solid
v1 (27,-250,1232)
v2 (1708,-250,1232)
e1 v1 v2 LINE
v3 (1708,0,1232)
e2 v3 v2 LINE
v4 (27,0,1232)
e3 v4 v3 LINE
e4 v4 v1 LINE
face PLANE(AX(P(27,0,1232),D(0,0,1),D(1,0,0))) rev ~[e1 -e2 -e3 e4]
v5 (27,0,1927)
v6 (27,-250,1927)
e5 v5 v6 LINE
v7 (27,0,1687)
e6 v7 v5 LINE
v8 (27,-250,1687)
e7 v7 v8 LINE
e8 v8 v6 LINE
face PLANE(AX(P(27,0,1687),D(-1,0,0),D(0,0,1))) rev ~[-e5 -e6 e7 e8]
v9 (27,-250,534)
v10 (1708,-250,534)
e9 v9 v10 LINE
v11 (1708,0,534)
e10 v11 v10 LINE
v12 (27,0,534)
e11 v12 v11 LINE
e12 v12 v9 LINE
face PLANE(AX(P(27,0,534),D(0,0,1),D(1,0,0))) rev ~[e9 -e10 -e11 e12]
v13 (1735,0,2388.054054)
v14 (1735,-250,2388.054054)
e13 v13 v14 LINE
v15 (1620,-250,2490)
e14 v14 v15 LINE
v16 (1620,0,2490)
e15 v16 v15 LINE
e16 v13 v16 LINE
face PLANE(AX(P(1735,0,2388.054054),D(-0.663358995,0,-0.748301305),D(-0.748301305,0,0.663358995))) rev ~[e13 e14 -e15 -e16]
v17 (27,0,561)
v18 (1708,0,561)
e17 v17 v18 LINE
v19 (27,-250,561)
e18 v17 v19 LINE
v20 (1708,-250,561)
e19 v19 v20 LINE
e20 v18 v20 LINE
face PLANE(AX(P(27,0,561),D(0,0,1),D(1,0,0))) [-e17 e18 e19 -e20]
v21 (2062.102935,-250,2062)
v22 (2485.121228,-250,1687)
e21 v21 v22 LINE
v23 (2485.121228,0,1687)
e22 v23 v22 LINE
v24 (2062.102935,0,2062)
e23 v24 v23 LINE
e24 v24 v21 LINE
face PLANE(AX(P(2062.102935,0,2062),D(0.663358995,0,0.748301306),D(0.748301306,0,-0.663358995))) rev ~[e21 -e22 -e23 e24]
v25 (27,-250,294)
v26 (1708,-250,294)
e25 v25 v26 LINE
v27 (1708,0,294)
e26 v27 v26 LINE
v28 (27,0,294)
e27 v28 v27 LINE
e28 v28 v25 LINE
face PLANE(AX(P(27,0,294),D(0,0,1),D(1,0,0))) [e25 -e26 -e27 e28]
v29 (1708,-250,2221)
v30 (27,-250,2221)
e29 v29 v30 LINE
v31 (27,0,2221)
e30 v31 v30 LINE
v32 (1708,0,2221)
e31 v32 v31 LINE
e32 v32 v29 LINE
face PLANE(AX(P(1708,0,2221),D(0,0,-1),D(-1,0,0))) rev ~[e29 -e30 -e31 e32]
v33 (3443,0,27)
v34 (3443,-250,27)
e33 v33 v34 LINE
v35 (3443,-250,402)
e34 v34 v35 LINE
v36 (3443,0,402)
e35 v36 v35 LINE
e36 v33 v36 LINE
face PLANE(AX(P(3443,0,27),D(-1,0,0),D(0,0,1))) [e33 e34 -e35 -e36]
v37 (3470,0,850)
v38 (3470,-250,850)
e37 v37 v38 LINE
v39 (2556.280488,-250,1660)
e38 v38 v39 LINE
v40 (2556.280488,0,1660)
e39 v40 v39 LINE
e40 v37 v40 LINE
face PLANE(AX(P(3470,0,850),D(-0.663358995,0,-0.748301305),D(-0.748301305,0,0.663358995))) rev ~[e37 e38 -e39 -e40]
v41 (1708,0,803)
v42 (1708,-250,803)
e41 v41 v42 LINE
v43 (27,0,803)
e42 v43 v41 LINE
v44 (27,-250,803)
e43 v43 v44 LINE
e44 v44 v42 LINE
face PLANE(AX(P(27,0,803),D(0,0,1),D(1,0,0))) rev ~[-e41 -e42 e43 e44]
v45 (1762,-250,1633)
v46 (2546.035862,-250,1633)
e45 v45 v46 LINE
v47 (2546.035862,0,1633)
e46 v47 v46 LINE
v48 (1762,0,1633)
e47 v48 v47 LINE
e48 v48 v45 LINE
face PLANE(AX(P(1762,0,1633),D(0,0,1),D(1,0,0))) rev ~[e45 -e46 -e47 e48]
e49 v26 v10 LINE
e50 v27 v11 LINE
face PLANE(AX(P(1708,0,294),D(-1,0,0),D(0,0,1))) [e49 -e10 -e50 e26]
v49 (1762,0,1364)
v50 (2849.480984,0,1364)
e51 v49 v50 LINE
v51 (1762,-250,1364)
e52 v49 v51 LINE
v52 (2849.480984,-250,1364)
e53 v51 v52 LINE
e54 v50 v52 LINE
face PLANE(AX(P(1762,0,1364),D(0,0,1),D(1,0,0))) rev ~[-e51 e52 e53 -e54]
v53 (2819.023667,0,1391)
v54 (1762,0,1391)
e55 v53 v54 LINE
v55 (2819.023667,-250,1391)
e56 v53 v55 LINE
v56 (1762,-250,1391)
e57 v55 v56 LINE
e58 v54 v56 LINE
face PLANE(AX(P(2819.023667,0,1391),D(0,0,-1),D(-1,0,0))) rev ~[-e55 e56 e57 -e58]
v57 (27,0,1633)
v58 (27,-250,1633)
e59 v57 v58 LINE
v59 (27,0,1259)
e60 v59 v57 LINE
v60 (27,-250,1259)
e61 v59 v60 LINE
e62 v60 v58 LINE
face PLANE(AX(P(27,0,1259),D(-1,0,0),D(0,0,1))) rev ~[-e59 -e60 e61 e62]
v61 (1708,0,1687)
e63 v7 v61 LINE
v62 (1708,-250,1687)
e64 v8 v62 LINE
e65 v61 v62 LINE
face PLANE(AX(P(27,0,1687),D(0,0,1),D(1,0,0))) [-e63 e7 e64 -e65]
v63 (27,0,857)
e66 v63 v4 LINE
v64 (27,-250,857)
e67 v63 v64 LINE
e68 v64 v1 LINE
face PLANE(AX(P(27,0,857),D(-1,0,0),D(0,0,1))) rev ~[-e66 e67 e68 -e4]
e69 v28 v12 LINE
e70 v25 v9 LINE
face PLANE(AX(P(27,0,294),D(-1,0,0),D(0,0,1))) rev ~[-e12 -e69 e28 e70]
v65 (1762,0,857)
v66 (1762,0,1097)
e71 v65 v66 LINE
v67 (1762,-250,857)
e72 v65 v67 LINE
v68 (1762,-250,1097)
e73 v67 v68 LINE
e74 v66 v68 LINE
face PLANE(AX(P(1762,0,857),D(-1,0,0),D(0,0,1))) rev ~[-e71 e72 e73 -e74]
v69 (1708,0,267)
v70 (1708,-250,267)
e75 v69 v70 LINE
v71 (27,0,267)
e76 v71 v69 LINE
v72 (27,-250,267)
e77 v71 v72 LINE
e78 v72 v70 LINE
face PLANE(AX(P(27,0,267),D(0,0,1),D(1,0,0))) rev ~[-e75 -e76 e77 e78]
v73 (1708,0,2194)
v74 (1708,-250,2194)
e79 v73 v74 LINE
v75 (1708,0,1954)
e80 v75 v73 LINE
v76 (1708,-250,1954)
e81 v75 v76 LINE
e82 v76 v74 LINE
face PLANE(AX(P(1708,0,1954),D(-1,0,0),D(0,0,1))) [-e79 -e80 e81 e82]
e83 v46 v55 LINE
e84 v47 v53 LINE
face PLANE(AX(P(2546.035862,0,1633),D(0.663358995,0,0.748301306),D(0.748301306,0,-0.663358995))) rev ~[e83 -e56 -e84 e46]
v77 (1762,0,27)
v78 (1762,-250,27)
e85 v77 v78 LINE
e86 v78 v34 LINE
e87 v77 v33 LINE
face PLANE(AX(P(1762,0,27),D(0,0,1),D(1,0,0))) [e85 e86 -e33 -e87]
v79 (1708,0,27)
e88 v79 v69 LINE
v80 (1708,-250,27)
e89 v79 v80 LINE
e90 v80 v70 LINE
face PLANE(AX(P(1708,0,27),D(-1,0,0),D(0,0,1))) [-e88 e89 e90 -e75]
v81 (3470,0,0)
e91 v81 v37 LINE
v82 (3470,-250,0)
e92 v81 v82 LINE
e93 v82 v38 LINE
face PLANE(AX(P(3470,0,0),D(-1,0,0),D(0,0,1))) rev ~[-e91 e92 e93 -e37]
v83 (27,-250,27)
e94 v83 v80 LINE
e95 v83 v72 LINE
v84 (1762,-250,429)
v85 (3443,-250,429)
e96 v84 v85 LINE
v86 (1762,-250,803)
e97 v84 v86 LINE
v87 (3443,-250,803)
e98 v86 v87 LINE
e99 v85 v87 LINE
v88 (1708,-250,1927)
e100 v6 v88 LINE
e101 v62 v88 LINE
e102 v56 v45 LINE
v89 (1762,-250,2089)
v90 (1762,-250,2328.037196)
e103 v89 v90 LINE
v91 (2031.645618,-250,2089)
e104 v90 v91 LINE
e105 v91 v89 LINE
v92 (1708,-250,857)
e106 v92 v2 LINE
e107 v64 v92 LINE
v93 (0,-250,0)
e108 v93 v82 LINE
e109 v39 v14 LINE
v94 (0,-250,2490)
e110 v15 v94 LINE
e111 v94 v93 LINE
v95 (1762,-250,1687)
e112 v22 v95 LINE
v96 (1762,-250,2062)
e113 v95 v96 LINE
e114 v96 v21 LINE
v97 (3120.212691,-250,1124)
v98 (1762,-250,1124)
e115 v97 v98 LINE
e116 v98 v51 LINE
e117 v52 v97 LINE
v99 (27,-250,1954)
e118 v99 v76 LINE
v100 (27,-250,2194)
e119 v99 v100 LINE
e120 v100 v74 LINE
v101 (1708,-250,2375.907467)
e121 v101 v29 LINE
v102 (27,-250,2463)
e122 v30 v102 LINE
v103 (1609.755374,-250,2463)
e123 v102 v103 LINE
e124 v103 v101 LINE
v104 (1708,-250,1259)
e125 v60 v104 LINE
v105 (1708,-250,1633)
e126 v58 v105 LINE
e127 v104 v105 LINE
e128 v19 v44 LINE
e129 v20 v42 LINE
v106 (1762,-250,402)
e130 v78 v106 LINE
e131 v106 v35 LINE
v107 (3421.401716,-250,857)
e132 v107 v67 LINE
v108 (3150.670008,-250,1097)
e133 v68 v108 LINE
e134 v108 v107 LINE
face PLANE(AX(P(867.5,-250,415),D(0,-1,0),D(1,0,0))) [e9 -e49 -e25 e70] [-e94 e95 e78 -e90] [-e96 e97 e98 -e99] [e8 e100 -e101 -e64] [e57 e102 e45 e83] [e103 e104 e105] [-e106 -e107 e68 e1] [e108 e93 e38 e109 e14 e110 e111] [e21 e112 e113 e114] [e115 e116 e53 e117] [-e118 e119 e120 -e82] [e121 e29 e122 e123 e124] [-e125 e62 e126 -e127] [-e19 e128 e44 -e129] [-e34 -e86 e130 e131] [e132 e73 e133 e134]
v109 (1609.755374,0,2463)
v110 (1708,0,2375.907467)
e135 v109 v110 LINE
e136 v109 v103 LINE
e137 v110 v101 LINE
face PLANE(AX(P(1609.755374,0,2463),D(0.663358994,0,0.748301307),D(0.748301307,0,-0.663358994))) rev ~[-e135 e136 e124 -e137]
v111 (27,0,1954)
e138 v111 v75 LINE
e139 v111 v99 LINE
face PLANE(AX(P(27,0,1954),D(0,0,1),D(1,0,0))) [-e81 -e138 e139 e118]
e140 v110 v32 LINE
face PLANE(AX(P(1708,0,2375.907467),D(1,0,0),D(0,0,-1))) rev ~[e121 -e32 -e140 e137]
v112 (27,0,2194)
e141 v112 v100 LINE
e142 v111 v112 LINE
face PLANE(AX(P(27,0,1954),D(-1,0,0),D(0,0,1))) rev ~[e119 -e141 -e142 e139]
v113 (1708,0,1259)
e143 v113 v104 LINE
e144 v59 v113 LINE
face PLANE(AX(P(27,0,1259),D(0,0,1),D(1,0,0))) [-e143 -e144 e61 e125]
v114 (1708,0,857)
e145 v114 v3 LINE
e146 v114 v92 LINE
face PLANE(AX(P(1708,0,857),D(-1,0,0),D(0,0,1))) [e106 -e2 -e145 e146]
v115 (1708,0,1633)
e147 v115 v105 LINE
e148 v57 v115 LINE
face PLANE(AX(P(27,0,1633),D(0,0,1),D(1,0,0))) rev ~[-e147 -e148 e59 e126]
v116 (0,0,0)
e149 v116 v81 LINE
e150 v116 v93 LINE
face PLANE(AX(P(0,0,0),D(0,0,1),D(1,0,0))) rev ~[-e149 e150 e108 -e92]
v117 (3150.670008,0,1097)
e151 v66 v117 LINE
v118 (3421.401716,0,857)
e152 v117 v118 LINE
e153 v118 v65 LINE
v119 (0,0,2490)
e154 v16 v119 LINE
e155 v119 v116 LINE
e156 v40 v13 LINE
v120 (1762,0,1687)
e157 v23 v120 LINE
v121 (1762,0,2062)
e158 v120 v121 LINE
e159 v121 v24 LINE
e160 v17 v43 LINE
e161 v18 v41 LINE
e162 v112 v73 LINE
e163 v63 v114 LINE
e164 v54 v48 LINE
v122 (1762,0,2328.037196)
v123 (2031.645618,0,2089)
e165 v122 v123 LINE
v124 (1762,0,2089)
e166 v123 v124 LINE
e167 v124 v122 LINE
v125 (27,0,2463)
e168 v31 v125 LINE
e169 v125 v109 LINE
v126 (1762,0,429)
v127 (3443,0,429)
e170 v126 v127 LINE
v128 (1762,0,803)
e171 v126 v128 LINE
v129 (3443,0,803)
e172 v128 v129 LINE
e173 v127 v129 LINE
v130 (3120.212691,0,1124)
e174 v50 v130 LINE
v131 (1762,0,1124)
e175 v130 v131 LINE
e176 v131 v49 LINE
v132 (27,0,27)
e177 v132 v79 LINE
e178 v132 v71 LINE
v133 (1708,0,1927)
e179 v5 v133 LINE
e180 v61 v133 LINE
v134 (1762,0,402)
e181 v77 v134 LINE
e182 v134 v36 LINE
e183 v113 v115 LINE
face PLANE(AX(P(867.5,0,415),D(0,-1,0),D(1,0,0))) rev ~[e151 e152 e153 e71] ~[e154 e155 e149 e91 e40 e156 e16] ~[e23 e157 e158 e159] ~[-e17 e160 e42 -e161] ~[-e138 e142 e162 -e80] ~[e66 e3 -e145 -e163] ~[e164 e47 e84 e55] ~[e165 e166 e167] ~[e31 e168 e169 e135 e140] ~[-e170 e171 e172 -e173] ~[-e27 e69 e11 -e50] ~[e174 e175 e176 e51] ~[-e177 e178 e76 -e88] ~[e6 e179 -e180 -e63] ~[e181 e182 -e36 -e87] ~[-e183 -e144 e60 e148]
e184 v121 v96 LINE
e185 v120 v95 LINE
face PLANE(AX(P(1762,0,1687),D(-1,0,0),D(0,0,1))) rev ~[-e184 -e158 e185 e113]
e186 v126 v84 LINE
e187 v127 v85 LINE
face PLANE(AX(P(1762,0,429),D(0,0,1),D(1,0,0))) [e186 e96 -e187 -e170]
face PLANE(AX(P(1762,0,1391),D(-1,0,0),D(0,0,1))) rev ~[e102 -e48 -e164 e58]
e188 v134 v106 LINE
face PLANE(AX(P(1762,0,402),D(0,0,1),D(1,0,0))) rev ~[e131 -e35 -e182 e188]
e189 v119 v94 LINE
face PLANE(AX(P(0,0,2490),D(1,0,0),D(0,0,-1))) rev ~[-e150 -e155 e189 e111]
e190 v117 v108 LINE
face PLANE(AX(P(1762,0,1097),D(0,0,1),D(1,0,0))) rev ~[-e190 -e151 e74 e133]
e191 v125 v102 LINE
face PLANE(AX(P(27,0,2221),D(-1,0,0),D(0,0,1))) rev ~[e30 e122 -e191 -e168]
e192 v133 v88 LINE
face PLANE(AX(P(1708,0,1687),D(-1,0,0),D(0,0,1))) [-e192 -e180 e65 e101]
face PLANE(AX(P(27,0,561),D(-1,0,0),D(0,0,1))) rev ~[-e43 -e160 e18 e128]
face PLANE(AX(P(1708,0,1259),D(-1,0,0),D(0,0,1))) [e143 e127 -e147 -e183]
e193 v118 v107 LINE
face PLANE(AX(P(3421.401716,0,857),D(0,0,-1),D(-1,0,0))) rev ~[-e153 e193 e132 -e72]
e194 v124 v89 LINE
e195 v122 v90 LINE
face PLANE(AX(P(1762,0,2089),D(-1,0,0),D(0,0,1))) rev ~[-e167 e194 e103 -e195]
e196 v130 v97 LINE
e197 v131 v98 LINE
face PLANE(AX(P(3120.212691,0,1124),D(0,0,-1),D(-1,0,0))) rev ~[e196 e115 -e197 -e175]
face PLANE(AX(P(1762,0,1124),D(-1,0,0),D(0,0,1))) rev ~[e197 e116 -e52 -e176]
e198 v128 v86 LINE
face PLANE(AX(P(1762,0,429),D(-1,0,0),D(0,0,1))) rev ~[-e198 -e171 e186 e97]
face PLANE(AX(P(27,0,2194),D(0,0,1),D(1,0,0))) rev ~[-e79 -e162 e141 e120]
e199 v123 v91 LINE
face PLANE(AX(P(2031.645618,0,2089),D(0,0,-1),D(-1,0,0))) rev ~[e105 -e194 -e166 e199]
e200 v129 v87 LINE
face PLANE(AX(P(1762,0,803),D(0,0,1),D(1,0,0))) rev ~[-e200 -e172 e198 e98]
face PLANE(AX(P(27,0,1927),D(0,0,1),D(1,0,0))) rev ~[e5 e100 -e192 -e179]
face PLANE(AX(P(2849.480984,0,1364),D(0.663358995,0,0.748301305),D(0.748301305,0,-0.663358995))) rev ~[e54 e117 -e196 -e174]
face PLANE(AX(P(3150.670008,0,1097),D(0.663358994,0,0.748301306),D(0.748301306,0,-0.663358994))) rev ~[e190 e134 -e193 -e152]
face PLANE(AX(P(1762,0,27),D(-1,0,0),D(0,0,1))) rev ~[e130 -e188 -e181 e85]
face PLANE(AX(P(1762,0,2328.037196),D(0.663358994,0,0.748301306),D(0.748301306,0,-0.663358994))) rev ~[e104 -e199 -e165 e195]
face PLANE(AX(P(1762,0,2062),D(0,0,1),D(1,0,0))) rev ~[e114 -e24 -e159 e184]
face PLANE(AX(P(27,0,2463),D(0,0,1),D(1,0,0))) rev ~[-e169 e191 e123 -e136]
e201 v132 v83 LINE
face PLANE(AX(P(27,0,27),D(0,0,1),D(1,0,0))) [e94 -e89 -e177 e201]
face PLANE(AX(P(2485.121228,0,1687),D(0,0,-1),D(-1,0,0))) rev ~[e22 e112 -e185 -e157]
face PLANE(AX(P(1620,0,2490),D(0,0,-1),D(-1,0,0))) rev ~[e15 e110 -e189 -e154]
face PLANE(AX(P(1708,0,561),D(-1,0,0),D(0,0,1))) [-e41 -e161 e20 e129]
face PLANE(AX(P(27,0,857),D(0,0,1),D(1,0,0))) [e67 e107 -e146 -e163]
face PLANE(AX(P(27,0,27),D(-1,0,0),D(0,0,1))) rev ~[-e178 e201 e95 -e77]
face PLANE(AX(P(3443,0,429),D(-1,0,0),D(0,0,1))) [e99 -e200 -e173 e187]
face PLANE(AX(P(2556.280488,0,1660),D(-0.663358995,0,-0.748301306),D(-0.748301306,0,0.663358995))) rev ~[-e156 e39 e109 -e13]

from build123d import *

# Parameters (mm, degrees)
F1_W     = 1735
F1_H     = 830
F1_W_2   = 1681
F1_H_2   = 240
F1_H_3   = 242
F1_H_4   = 375
F1_H_5   = 374
F2_DEPTH = 250


with BuildPart() as f2:
    # F1 (on face) → F2 (new body)
    with BuildSketch(Plane.XZ):
        with Locations((867.5, 415)):
            Rectangle(F1_W, F1_H)
        with Locations((867.5, 147)):
            Rectangle(F1_W_2, F1_H_2, mode=Mode.SUBTRACT)
        with Locations((867.5, 414)):
            Rectangle(F1_W_2, F1_H_2, mode=Mode.SUBTRACT)
        with Locations((867.5, 682)):
            Rectangle(F1_W_2, F1_H_3, mode=Mode.SUBTRACT)
        with Locations((2602.5, 415)):
            Rectangle(F1_W, F1_H)
        with Locations((2602.5, 214.5)):
            Rectangle(F1_W_2, F1_H_4, mode=Mode.SUBTRACT)
        with Locations((2602.5, 616)):
            Rectangle(F1_W_2, F1_H_5, mode=Mode.SUBTRACT)
        with Locations((867.5, 1245)):
            Rectangle(F1_W, F1_H)
        with Locations((867.5, 1044.5)):
            Rectangle(F1_W_2, F1_H_4, mode=Mode.SUBTRACT)
        with Locations((867.5, 1446)):
            Rectangle(F1_W_2, F1_H_5, mode=Mode.SUBTRACT)
        Polygon((1735, 1660), (1735, 830), (3470, 830), (3470, 850), (2556.280488, 1660), align=None)
        Polygon((3421.401716, 857), (1762, 857), (1762, 1097), (3150.670008, 1097), align=None, mode=Mode.SUBTRACT)
        Polygon((1762, 1124), (1762, 1364), (2849.480984, 1364), (3120.212691, 1124), align=None, mode=Mode.SUBTRACT)
        Polygon((1762, 1391), (1762, 1633), (2546.035862, 1633), (2819.023667, 1391), align=None, mode=Mode.SUBTRACT)
        Polygon((0, 2490), (0, 1660), (1735, 1660), (1735, 2388.054054), (1620, 2490), align=None)
        with Locations((867.5, 1807)):
            Rectangle(F1_W_2, F1_H_2, mode=Mode.SUBTRACT)
        with Locations((867.5, 2074)):
            Rectangle(F1_W_2, F1_H_2, mode=Mode.SUBTRACT)
        Polygon((27, 2221), (27, 2463), (1609.755374, 2463), (1708, 2375.907467), (1708, 2221), align=None, mode=Mode.SUBTRACT)
        Polygon((1735, 2388.054054), (1735, 1660), (2556.280488, 1660), align=None)
        Polygon((2485.121228, 1687), (1762, 1687), (1762, 2062), (2062.102935, 2062), align=None, mode=Mode.SUBTRACT)
        Polygon((1762, 2089), (1762, 2328.037196), (2031.645618, 2089), align=None, mode=Mode.SUBTRACT)
    extrude(amount=F2_DEPTH)


solid = f2.part
